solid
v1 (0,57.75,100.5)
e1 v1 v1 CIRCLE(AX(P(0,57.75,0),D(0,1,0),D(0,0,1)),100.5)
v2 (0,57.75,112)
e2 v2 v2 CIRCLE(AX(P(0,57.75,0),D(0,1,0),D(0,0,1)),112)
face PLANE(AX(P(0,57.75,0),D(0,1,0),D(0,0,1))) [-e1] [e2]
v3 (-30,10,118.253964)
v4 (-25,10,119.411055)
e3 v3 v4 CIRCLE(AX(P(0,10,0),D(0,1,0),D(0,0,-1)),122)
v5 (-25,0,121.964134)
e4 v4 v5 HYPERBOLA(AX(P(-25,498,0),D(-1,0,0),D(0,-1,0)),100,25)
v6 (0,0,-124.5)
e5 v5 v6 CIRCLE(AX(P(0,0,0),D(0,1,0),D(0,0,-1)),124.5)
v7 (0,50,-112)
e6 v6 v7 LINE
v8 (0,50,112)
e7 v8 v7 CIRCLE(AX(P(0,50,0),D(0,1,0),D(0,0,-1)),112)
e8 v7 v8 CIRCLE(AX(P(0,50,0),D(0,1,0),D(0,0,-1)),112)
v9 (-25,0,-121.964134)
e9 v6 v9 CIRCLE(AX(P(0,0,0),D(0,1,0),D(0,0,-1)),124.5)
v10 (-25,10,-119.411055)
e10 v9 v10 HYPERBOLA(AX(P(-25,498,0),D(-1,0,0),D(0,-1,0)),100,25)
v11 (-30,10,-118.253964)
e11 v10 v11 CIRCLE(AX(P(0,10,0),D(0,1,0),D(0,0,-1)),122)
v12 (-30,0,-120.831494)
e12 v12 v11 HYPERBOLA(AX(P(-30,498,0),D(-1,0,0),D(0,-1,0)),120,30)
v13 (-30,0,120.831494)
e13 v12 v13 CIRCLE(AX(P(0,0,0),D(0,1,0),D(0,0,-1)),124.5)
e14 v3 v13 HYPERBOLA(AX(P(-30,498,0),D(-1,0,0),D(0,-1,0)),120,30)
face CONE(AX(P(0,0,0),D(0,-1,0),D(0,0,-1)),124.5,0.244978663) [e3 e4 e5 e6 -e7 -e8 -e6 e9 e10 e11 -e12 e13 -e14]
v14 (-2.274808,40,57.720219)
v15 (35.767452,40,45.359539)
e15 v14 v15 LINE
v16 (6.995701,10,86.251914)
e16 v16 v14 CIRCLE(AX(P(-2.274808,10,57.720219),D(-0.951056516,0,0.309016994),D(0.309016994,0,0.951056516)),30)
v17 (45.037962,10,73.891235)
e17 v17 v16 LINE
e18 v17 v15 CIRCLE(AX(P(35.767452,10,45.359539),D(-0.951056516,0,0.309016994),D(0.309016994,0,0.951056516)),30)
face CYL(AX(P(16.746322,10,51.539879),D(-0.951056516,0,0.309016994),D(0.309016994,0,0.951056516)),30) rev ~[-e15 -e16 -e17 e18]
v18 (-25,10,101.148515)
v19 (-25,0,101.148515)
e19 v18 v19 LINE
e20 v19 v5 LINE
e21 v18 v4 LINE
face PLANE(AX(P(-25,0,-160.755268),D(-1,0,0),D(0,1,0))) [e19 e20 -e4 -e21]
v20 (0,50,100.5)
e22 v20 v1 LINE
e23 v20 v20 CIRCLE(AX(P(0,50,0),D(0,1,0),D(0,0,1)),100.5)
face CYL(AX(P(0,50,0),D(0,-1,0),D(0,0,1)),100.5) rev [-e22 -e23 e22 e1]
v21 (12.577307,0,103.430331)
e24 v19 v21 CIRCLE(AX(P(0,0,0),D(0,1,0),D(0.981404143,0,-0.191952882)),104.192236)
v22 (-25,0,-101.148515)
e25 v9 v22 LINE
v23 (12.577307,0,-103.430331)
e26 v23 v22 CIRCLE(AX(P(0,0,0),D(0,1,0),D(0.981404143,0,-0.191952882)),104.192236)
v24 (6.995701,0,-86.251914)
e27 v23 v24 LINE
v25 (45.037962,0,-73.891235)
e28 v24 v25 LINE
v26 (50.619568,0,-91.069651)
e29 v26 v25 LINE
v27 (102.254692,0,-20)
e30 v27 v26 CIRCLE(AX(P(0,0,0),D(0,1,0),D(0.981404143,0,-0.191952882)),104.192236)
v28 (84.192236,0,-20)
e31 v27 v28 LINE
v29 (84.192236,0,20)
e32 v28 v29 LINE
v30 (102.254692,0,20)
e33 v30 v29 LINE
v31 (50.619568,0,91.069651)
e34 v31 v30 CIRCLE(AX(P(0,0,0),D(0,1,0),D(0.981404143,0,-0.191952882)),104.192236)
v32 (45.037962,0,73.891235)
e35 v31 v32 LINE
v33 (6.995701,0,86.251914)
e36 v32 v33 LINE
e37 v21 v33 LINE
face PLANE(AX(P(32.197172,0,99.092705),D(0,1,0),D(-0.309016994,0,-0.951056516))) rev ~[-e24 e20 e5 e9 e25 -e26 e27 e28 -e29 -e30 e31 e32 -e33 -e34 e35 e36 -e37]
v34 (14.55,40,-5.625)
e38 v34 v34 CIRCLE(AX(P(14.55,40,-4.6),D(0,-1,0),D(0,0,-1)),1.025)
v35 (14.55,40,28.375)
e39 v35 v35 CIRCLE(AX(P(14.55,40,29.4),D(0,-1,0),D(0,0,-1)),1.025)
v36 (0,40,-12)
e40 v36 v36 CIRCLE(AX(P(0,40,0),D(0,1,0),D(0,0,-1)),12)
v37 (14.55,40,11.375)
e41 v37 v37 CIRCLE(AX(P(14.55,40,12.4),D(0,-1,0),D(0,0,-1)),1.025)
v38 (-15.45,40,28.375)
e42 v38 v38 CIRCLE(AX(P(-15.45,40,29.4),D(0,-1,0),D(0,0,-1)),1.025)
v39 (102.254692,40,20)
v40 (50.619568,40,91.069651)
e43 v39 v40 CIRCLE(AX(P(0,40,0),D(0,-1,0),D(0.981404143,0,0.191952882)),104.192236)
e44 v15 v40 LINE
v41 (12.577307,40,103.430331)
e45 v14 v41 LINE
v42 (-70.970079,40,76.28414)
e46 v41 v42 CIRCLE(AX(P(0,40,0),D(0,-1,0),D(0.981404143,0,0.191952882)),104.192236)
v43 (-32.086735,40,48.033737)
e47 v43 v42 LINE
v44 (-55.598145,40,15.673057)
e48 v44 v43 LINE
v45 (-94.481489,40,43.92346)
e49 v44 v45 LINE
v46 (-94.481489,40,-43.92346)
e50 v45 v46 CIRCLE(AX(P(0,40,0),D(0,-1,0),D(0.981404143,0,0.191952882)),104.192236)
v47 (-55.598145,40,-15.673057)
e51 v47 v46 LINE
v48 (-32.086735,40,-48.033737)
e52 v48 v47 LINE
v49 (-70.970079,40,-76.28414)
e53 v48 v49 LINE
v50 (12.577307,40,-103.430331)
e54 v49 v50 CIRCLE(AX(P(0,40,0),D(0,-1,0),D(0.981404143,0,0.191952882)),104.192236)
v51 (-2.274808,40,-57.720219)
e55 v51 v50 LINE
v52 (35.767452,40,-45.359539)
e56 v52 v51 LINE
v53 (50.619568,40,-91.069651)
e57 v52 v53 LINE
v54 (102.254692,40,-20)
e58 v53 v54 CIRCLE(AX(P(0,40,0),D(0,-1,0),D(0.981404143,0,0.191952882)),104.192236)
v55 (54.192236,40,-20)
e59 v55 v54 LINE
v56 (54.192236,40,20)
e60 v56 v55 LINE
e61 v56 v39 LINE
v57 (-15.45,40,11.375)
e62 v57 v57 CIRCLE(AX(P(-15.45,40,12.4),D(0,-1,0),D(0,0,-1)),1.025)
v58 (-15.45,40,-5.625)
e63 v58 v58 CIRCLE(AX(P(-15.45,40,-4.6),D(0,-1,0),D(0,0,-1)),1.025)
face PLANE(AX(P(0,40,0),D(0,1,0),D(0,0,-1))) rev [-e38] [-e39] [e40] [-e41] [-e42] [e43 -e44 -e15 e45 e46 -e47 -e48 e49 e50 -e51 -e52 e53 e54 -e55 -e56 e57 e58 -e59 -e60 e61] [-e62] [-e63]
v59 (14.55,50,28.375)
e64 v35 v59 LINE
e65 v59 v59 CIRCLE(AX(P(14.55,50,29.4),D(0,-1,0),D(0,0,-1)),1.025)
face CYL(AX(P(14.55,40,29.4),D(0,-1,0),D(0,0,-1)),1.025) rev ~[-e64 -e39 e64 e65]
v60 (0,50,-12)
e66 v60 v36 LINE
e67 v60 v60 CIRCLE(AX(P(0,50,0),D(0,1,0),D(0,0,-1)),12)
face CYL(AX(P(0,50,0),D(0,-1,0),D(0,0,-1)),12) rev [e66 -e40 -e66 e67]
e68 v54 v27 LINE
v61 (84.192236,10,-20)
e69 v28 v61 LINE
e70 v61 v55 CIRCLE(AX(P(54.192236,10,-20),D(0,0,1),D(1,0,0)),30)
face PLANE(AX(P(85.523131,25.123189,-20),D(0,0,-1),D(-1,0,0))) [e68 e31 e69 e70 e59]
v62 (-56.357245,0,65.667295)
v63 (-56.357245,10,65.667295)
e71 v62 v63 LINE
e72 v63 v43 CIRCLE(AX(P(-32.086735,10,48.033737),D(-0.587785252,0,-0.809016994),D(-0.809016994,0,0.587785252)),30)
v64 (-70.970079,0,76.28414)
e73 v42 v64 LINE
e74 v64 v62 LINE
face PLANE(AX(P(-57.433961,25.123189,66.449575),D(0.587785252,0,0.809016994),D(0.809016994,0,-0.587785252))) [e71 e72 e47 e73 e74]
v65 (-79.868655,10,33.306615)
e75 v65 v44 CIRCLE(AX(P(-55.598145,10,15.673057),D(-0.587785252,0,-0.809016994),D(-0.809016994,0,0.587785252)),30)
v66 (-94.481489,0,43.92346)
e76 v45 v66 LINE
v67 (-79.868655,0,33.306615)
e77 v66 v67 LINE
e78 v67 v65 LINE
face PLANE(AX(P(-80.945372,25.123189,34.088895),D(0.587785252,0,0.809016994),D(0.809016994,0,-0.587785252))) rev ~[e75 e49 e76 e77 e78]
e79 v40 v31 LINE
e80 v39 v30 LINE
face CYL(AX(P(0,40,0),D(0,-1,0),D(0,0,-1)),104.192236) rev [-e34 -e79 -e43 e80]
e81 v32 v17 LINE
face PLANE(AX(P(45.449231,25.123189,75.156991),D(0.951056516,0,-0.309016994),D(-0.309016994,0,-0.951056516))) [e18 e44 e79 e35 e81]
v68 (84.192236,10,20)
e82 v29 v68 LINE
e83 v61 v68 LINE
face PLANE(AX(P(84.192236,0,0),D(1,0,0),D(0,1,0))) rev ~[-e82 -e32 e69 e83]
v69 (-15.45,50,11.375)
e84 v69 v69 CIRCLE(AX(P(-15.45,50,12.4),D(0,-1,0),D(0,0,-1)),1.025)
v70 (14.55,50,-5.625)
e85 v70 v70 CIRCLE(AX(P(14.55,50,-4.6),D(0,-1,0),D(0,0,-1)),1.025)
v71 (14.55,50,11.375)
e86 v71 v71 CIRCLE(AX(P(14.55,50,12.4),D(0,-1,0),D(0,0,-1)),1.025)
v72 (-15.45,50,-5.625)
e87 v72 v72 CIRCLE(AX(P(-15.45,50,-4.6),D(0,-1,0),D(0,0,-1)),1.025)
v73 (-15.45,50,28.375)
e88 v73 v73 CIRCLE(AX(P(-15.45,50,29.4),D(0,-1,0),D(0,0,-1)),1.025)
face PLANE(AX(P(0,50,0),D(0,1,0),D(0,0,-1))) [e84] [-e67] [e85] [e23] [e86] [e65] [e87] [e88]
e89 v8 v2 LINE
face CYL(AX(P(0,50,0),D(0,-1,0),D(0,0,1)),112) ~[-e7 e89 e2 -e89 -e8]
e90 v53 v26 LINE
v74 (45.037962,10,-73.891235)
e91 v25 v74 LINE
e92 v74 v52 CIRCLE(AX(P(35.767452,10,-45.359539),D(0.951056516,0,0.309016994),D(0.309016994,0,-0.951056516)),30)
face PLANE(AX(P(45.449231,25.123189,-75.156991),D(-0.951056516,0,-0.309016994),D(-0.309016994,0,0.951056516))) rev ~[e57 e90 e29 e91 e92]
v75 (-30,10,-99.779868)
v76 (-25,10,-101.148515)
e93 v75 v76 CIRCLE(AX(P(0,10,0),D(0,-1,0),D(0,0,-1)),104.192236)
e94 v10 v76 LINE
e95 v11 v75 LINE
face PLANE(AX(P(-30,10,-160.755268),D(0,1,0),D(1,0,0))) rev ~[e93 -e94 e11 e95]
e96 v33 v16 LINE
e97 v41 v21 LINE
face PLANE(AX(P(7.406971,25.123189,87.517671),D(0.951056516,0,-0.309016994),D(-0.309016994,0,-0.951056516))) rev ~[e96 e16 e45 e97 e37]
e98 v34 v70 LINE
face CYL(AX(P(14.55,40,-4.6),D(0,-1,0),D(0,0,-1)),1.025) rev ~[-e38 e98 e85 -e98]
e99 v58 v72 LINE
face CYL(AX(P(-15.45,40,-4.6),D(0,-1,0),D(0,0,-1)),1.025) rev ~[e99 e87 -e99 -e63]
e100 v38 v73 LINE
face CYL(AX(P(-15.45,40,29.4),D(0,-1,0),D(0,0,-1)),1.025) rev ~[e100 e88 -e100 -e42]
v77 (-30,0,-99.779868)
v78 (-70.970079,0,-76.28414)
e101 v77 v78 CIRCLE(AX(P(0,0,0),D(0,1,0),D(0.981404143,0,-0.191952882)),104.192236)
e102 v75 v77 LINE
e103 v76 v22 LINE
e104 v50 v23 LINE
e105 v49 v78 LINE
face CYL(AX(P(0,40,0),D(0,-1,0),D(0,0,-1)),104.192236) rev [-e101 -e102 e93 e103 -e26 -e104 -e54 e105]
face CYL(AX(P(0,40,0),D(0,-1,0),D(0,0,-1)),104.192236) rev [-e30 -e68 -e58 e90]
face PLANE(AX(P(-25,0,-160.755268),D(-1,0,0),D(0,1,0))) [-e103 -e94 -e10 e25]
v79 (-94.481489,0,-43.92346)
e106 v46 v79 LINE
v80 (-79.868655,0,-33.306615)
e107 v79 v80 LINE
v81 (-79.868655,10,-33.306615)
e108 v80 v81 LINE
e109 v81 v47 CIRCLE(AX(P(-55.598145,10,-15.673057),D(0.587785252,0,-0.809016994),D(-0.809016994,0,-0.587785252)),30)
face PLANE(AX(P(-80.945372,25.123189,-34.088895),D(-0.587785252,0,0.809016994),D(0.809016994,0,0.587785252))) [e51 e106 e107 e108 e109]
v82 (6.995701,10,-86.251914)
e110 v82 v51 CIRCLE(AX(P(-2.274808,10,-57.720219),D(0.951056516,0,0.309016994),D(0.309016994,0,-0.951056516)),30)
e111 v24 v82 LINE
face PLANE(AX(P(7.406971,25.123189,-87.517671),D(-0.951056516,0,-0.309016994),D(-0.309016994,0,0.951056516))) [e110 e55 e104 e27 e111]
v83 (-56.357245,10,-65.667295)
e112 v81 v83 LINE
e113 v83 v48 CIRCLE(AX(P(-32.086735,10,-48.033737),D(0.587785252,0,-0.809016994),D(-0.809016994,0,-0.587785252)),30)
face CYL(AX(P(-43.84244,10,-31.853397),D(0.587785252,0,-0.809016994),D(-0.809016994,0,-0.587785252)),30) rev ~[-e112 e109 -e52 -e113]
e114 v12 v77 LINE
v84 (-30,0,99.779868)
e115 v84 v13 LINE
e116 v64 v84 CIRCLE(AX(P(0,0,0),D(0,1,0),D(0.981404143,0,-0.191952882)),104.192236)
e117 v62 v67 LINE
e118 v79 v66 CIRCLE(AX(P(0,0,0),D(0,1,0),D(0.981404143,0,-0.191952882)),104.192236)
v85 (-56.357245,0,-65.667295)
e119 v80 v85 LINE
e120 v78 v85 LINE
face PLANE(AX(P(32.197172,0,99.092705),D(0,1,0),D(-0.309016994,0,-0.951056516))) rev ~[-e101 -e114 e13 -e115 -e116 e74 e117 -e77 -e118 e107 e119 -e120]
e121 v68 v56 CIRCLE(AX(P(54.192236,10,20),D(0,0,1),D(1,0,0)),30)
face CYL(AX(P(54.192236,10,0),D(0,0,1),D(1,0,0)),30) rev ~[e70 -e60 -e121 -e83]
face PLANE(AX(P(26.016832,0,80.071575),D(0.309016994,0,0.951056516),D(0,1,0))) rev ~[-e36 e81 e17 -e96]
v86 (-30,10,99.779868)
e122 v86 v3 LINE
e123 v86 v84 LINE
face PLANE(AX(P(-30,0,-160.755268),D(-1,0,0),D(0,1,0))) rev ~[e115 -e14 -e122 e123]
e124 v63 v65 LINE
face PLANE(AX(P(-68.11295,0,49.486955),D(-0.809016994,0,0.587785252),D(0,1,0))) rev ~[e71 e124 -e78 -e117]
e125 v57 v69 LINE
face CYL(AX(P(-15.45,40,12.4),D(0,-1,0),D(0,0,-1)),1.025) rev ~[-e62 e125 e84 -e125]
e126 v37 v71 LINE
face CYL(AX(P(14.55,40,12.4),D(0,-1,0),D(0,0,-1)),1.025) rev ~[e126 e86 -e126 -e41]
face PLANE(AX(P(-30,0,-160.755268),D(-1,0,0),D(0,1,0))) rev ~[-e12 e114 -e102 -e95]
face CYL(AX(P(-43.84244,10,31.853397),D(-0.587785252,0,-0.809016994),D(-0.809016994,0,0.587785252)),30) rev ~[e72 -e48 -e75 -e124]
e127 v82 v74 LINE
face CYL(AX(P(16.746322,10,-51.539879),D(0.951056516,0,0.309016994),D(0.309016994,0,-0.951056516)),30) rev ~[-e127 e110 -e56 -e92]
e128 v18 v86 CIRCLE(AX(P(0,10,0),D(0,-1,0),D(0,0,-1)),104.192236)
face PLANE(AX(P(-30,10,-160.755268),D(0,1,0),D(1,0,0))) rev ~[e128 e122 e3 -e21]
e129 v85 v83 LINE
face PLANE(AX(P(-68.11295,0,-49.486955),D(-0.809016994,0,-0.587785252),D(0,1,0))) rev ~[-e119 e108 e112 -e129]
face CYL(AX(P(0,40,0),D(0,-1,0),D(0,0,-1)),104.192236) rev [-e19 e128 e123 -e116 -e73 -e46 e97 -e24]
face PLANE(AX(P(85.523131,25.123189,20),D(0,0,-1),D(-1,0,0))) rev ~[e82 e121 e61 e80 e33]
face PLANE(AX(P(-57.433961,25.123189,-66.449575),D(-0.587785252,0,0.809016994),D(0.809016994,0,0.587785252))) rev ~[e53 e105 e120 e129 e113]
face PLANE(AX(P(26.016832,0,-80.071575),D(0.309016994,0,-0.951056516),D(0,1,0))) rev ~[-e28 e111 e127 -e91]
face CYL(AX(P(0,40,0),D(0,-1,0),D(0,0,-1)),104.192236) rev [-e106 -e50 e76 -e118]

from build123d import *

# Parameters (mm, degrees)
SKETCH10_R              = 1.025
CUT_EXTRUDE2_DEPTH      = 10
SKETCH11_R              = 112
SKETCH11_R_2            = 100.5
BOSS_EXTRUDE1_DEPTH     = 7.75
BOSS_EXTRUDE2_DEPTH     = 20
CIRPATTERN1_COUNT       = 5
CUT_EXTRUDE3_DEPTH      = 285.75526773
CUT_EXTRUDE3_DEPTH_BACK = 285.75526773
SKETCH14_W              = 5
SKETCH14_H              = 10


with BuildPart() as part:
    # Sketch4 → Revolve1 (revolve)
    with BuildSketch(Plane.XY, mode=Mode.PRIVATE) as revolve1_sk:
        Polygon((12, 50), (12, 40), (104.192235936, 40), (104.192235936, 0), (124.5, 0), (112, 50), align=None)
    revolve(revolve1_sk.sketch.rotate(Axis((0, 0, 0), (0, 1, 0)), 90), axis=Axis((0, 0, 0), (0, 1, 0)))

    # Sketch10 → Cut-Extrude2 (cut)
    with BuildSketch(Plane.XZ.offset(-40)):
        with Locations(Location((14.55, 12.4, 0), (0, 0, 270))):
            Circle(SKETCH10_R)
        with Locations(Location((-15.45, 12.4, 0), (0, 0, 270))):
            Circle(SKETCH10_R)
        with Locations(Location((-15.45, 29.4, 0), (0, 0, 270))):
            Circle(SKETCH10_R)
        with Locations(Location((14.55, 29.4, 0), (0, 0, 270))):
            Circle(SKETCH10_R)
        with Locations(Location((14.55, -4.6, 0), (0, 0, 270))):
            Circle(SKETCH10_R)
        with Locations(Location((-15.45, -4.6, 0), (0, 0, 270))):
            Circle(SKETCH10_R)
    extrude(amount=-CUT_EXTRUDE2_DEPTH, mode=Mode.SUBTRACT)

    # Sketch11 → Boss-Extrude1 (add)
    with BuildSketch(Plane(origin=(0, 50, 0), x_dir=(1, 0, 0), z_dir=(0, 1, 0))):
        with Locations(Location((0, 0, 0), (0, 0, 270))):
            Circle(SKETCH11_R)
        with Locations(Location((0, 0, 0), (0, 0, 270))):
            Circle(SKETCH11_R_2, mode=Mode.SUBTRACT)
    extrude(amount=BOSS_EXTRUDE1_DEPTH)

    # Sketch13 → Boss-Extrude2 (add, symmetric)
    with BuildSketch(Plane.XY):
        with BuildLine():
            ThreePointArc((84.192235936, 10), (75.405439372, 31.213203436), (54.192235936, 40))
            Line((54.192235936, 40), (104.192235936, 40))
            Line((104.192235936, 40), (104.192235936, 0))
            Line((104.192235936, 0), (84.192235936, 0))
            Line((84.192235936, 0), (84.192235936, 10))
        make_face()
    boss_extrude2 = extrude(amount=BOSS_EXTRUDE2_DEPTH, both=True)

    # CirPattern1: Boss-Extrude2 ×5 about axis
    cirpattern1_axis = Axis((0, 0, 0), (0, 1, 0))
    for i in range(1, CIRPATTERN1_COUNT):
        add(boss_extrude2.rotate(cirpattern1_axis, i * 360 / CIRPATTERN1_COUNT))

    # Sketch14 → Cut-Extrude3 (cut, two sides: drawn at the far end of the back side and taken through both)
    with BuildSketch(Plane.XY.offset(125).offset(-CUT_EXTRUDE3_DEPTH_BACK)):
        with Locations((-27.5, 5)):
            Rectangle(SKETCH14_W, SKETCH14_H)
    extrude(amount=CUT_EXTRUDE3_DEPTH + CUT_EXTRUDE3_DEPTH_BACK, mode=Mode.SUBTRACT)


solid = part.part
